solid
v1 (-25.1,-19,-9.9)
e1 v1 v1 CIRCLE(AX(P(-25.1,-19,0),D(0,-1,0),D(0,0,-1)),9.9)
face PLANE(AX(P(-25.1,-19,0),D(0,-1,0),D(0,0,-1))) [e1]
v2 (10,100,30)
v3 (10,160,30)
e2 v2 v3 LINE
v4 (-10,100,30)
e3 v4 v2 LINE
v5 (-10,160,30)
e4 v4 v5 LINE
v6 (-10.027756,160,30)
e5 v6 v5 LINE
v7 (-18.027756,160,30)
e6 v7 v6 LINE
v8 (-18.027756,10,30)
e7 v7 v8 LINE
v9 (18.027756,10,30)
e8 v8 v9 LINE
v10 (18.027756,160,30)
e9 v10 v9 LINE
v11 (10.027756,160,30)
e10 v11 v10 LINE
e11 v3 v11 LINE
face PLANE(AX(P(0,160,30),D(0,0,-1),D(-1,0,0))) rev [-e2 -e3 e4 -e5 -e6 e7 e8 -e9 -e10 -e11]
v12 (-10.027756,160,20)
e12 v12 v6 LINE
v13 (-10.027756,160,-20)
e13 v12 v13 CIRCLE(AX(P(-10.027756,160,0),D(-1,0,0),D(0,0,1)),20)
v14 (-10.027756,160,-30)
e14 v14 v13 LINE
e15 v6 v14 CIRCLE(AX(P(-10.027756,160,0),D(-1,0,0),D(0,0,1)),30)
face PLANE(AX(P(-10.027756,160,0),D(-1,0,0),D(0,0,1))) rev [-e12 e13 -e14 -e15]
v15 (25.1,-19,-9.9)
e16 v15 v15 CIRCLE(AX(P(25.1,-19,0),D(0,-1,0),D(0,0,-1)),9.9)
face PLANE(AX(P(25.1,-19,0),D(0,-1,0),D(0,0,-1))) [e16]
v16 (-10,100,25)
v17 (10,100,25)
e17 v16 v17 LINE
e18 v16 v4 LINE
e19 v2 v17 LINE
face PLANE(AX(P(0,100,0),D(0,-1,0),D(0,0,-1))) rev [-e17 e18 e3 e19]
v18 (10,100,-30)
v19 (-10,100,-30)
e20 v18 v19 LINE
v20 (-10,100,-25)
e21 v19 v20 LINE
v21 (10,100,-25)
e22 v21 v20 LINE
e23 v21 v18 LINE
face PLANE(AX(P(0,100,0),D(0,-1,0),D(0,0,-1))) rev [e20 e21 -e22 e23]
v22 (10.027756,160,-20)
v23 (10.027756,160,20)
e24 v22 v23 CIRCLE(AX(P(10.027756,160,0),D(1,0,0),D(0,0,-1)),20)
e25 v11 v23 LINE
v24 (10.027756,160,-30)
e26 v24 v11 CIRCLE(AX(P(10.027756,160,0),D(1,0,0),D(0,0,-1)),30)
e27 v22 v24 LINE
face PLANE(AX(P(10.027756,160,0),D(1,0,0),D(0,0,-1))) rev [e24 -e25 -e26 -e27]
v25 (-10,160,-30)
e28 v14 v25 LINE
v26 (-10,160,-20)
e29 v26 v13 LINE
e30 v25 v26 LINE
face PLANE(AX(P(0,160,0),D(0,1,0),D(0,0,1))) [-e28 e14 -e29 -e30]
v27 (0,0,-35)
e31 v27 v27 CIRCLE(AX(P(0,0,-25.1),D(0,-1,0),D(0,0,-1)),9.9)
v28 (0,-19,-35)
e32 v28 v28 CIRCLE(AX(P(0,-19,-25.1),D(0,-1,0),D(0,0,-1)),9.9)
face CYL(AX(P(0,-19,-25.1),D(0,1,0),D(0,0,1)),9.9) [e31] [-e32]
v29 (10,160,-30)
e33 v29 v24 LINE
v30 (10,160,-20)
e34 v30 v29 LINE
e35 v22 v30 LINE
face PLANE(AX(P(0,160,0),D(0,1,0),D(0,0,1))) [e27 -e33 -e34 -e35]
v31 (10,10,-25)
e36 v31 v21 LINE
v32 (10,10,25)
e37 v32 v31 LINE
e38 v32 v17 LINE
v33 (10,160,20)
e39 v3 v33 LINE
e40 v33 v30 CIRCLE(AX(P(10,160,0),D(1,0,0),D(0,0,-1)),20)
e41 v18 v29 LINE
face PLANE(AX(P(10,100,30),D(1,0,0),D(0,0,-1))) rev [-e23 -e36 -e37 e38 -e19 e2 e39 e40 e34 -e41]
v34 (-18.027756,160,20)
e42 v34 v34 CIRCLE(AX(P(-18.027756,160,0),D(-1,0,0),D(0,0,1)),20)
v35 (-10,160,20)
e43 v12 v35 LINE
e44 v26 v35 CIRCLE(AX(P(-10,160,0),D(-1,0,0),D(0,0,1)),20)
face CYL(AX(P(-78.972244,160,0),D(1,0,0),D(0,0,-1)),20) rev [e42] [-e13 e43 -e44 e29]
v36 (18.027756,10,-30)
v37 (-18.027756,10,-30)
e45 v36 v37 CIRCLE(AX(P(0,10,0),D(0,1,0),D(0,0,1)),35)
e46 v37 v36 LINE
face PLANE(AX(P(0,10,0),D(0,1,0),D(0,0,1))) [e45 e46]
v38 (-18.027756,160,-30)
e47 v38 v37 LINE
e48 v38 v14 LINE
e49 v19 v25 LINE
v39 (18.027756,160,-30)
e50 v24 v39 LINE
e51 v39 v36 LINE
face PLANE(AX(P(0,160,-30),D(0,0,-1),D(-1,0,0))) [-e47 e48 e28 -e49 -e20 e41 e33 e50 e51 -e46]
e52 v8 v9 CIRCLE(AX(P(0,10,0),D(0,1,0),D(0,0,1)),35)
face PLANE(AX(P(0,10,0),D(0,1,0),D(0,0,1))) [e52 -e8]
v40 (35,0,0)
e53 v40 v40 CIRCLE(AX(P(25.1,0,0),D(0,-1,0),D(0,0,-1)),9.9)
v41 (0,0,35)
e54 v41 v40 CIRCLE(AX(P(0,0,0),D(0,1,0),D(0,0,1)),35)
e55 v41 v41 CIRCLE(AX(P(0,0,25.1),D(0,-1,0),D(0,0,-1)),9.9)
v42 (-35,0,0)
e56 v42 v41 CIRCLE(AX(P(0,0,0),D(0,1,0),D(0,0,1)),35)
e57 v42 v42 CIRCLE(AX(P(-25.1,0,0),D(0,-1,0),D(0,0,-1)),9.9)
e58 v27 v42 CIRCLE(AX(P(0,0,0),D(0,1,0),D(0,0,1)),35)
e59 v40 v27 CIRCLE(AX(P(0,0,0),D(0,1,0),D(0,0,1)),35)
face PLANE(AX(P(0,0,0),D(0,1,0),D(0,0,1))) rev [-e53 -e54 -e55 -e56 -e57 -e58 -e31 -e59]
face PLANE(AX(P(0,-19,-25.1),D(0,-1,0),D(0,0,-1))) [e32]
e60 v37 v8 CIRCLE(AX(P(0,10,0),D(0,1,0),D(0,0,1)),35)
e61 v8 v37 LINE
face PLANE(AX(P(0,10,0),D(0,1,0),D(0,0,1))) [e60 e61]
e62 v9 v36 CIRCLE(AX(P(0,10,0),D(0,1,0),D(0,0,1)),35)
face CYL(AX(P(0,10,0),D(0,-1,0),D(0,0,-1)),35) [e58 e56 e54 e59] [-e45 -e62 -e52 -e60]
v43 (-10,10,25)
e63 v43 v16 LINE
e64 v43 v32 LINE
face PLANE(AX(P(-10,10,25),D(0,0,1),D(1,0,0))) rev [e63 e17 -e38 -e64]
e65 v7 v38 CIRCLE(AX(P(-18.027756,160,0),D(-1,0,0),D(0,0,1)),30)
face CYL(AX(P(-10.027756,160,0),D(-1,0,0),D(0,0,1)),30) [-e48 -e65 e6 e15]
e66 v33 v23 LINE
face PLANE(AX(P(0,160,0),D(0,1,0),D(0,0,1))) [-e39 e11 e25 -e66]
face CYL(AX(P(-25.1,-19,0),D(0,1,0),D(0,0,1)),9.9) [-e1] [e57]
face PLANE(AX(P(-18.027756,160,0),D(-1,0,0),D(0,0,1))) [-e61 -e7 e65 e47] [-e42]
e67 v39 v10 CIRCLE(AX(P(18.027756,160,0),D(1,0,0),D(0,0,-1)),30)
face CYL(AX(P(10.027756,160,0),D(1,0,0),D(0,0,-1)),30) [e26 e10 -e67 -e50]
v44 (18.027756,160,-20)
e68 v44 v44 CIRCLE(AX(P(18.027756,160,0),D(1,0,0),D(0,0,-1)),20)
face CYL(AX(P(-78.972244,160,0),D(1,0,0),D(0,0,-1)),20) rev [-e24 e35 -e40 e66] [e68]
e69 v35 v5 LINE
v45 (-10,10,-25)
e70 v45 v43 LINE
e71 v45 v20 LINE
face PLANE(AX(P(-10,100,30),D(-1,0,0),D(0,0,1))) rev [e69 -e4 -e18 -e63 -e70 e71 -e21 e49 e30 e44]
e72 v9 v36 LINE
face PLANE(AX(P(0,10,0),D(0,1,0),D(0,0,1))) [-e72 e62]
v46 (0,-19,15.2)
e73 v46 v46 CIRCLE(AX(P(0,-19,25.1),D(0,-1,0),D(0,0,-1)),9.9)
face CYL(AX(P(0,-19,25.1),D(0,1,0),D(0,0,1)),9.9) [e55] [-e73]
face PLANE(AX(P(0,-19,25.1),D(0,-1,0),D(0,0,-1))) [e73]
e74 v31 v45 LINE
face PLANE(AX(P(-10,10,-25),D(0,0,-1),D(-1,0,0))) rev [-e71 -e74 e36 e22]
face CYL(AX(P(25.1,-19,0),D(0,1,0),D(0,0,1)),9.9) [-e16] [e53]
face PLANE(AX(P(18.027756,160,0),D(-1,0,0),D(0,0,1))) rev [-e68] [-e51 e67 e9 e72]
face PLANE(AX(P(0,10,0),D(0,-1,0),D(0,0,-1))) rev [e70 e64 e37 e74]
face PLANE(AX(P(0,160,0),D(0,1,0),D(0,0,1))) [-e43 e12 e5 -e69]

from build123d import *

# Parameters (mm, degrees)
SKETCH1_R            = 35
BOSS_EXTRUDE1_DEPTH  = 10
SKETCH3_R            = 9.9
BOSS_EXTRUDE2_DEPTH  = 19
SKETCH4_W            = 36.055512754
SKETCH4_H            = 60
BOSS_EXTRUDE8_DEPTH  = 150
SKETCH11_W           = 20
SKETCH11_H           = 60
CUT_EXTRUDE2_DEPTH   = 60
SKETCH12_W           = 20
SKETCH12_H           = 50
CUT_EXTRUDE3_DEPTH   = 90
SKETCH13_R           = 30
BOSS_EXTRUDE9_DEPTH  = 8
SKETCH14_R           = 30
BOSS_EXTRUDE10_DEPTH = 8
SKETCH15_R           = 20
CUT_EXTRUDE4_DEPTH   = 97


with BuildPart() as part:
    # Sketch1 → Boss-Extrude1 (new body)
    with BuildSketch(Plane(origin=(0, 0, 0), x_dir=(1, 0, 0), z_dir=(0, 1, 0))):
        Circle(SKETCH1_R)
    extrude(amount=BOSS_EXTRUDE1_DEPTH)

    # Sketch3 → Boss-Extrude2 (add)
    with BuildSketch(Plane.XZ):
        with Locations((25.1, 0)):
            Circle(SKETCH3_R)
        with Locations((0, -25.1)):
            Circle(SKETCH3_R)
        with Locations((-25.1, 0)):
            Circle(SKETCH3_R)
        with Locations((0, 25.1)):
            Circle(SKETCH3_R)
    extrude(amount=BOSS_EXTRUDE2_DEPTH)

    # Sketch4 → Boss-Extrude8 (add)
    with BuildSketch(Plane(origin=(0, 10, 0), x_dir=(1, 0, 0), z_dir=(0, 1, 0))):
        Rectangle(SKETCH4_W, SKETCH4_H)
    extrude(amount=BOSS_EXTRUDE8_DEPTH)

    # Sketch11 → Cut-Extrude2 (cut)
    with BuildSketch(Plane(origin=(0, 160, 0), x_dir=(1, 0, 0), z_dir=(0, 1, 0))):
        Rectangle(SKETCH11_W, SKETCH11_H)
    extrude(amount=-CUT_EXTRUDE2_DEPTH, mode=Mode.SUBTRACT)

    # Sketch12 → Cut-Extrude3 (cut)
    with BuildSketch(Plane(origin=(0, 100, 0), x_dir=(1, 0, 0), z_dir=(0, 1, 0))):
        Rectangle(SKETCH12_W, SKETCH12_H)
    extrude(amount=-CUT_EXTRUDE3_DEPTH, mode=Mode.SUBTRACT)

    # Sketch13 → Boss-Extrude9 (add)
    with BuildSketch(Plane.ZY.offset(18.027756377)):
        with Locations((0, 160)):
            Circle(SKETCH13_R)
    extrude(amount=-BOSS_EXTRUDE9_DEPTH)

    # Sketch14 → Boss-Extrude10 (add)
    with BuildSketch(Plane(origin=(18.027756377, 0, 0), x_dir=(0, 0, -1), z_dir=(1, 0, 0))):
        with Locations((0, 160)):
            Circle(SKETCH14_R)
    extrude(amount=-BOSS_EXTRUDE10_DEPTH)

    # Sketch15 → Cut-Extrude4 (cut)
    with BuildSketch(Plane(origin=(18.027756377, 0, 0), x_dir=(0, 0, -1), z_dir=(1, 0, 0))):
        with Locations((0, 160)):
            Circle(SKETCH15_R)
    extrude(amount=-CUT_EXTRUDE4_DEPTH, mode=Mode.SUBTRACT)


solid = part.part
